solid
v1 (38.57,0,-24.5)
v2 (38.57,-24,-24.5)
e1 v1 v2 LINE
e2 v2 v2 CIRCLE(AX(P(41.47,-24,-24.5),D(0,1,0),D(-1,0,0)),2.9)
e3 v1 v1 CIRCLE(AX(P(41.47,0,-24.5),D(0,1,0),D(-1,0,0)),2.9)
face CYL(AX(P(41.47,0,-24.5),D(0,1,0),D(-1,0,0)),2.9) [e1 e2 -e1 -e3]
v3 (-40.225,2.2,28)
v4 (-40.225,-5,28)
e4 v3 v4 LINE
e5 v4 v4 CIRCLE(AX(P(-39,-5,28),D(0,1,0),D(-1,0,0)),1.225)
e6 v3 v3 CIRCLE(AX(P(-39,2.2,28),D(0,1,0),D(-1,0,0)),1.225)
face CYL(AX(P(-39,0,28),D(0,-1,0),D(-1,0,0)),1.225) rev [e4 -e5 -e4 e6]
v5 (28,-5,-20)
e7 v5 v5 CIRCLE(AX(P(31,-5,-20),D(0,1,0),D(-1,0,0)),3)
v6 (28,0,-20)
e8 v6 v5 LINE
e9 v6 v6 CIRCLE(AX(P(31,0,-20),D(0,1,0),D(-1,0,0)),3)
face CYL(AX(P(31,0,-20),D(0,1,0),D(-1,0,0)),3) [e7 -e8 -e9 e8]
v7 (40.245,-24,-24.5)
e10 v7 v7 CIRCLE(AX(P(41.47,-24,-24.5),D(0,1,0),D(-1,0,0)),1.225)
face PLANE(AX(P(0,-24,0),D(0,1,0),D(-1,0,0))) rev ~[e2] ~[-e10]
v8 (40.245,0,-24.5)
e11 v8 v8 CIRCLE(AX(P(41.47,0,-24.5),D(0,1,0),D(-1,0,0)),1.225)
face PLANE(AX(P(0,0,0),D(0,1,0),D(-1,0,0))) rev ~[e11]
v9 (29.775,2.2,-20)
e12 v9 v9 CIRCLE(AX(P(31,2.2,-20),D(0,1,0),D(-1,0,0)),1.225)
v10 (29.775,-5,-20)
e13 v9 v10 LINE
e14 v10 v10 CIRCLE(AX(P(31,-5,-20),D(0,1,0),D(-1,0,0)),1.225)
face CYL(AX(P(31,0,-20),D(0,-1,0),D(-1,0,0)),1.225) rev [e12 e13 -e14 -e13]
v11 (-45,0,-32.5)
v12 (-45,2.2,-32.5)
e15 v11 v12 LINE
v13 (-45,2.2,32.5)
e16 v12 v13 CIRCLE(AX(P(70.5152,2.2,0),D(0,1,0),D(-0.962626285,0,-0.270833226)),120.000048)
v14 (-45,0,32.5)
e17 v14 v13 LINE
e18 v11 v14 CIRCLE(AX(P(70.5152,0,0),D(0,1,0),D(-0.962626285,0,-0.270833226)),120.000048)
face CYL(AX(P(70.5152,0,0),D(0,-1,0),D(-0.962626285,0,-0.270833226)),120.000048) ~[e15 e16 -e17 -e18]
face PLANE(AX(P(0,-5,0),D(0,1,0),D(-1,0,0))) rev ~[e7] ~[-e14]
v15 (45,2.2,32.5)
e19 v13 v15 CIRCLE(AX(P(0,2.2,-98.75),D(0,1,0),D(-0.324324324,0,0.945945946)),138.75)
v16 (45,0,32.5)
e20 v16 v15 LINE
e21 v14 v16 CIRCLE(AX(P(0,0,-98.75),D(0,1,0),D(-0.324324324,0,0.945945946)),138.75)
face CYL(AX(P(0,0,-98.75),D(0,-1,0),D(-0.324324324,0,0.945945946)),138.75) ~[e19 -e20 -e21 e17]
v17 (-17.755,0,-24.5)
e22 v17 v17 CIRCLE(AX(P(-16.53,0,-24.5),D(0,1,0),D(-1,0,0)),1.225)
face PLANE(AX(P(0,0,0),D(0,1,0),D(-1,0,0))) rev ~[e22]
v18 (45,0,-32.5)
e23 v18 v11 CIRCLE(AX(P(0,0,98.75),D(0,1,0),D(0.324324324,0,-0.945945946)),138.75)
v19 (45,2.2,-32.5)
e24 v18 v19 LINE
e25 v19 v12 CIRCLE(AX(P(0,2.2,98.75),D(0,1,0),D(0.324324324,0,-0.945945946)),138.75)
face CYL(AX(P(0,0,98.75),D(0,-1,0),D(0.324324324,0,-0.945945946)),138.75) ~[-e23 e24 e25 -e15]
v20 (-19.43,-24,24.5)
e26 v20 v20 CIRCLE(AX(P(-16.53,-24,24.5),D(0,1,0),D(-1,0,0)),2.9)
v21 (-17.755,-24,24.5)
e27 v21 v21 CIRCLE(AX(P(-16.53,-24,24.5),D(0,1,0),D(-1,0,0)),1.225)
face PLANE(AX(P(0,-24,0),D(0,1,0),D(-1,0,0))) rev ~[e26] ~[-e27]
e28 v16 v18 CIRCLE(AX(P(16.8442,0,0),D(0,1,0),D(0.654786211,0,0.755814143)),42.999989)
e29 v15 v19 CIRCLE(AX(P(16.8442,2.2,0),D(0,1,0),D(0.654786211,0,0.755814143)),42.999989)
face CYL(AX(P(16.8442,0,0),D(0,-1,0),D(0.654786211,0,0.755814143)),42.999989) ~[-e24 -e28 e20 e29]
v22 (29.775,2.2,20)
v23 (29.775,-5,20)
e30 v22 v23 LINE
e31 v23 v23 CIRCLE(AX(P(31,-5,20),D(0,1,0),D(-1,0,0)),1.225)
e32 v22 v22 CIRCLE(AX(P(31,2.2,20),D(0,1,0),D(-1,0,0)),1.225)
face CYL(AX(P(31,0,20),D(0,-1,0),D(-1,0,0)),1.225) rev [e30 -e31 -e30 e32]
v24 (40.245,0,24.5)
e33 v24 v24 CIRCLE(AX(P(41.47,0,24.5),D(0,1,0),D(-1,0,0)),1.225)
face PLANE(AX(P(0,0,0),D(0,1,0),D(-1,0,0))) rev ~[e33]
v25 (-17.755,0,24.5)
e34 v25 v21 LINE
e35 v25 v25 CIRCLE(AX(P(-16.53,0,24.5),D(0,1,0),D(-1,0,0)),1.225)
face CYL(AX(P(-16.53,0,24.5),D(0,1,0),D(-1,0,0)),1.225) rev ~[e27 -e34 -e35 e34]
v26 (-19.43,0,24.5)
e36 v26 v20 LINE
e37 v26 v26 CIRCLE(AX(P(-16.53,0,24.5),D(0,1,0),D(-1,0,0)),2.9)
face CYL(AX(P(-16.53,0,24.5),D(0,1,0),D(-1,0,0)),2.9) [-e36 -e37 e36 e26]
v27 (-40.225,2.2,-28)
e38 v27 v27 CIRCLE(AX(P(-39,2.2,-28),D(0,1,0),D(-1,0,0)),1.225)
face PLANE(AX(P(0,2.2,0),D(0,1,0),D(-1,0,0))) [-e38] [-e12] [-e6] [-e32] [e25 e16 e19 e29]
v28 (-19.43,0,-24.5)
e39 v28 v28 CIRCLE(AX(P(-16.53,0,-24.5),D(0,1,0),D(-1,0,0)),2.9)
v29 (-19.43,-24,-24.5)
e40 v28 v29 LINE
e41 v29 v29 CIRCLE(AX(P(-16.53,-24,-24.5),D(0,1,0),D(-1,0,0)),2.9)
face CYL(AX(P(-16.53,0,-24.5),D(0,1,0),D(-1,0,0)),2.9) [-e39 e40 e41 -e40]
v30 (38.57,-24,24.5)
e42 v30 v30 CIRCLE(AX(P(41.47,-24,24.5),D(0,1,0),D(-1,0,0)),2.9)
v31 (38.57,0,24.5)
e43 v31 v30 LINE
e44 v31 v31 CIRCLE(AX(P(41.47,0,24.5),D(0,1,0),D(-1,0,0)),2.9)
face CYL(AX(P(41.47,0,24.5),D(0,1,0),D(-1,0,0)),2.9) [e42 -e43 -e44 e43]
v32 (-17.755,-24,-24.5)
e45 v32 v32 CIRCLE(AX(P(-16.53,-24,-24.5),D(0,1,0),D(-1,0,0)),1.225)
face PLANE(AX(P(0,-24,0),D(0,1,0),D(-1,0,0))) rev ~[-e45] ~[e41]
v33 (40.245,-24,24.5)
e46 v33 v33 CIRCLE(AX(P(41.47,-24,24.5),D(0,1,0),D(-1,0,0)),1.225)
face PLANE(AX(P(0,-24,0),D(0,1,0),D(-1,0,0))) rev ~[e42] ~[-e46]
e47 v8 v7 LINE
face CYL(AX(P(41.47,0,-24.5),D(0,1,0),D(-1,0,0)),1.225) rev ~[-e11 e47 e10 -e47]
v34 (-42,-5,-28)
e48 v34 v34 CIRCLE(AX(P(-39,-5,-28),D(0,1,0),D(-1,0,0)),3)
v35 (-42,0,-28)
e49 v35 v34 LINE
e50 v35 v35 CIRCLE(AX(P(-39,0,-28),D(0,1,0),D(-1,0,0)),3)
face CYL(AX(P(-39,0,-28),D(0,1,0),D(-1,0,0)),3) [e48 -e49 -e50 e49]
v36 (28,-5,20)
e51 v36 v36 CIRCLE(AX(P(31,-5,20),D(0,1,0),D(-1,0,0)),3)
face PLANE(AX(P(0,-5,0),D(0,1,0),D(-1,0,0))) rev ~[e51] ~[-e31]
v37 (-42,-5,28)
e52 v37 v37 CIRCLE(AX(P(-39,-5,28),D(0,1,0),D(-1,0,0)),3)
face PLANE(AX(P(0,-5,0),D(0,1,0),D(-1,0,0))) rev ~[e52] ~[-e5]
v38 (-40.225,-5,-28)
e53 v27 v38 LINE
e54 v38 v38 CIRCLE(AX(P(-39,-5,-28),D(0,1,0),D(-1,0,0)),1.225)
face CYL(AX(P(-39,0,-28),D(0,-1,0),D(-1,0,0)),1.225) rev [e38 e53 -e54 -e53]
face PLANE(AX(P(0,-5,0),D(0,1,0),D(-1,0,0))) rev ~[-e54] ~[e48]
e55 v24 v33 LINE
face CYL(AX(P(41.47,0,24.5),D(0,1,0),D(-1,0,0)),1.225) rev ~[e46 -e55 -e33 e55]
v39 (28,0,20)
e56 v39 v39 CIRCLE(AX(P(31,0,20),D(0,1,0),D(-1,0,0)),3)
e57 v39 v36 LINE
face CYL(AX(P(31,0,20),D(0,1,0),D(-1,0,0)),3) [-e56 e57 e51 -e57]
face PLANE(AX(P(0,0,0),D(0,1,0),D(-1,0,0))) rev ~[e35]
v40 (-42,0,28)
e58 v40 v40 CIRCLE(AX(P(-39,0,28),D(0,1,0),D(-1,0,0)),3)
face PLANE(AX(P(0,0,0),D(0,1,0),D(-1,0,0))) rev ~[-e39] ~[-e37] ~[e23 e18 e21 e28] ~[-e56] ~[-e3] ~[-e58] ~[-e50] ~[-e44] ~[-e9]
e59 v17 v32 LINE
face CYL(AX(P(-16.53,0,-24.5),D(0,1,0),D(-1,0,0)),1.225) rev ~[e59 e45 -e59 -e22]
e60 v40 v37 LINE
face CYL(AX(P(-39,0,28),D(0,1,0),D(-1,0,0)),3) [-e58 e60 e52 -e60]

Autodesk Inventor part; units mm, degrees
ref_plane "YZ Plane" through (0, 0, 0) normal (1, 0, 0) x (0, 1, 0)
ref_plane "XZ Plane" through (0, 0, 0) normal (0, 1, 0) x (-1, 0, 0)
sketch "Skizze4" plane through (0, 0, 0) normal (0, 1, 0) x (-1, 0, 0)
  arc A0 (45, -32.5) -> (45, 32.5) centre (-70.5152, 0) ccw
  arc A1 (45, 32.5) -> (-45, 32.5) centre (0, -98.75) ccw
  arc A2 (-45, 32.5) -> (-45, -32.5) centre (-16.8442, 0) ccw
  line L0 (49.4848, 0) -> (-59.8442, 0) construction
  circle A3 centre (39, -28) radius 1.225
  circle A4 centre (39, 28) radius 1.225
  circle A5 centre (-31, 20) radius 1.225
  circle A6 centre (-31, -20) radius 1.225
  circle A7 centre (16.53, -24.5) radius 1.225
  circle A8 centre (16.53, 24.5) radius 1.225
  circle A9 centre (-41.47, 24.5) radius 1.225
  circle A10 centre (-41.47, -24.5) radius 1.225
  line L1 (39, 28) -> (39, -28) construction
  line L2 (39, -28) -> (-31, -20) construction
  line L3 (-31, -20) -> (-31, 20) construction
  line L4 (-31, 20) -> (39, 28) construction
  line L5 (16.53, 24.5) -> (16.53, -24.5) construction
  line L6 (16.53, -24.5) -> (-41.47, -24.5) construction
  line L7 (-41.47, -24.5) -> (-41.47, 24.5) construction
  line L8 (-41.47, 24.5) -> (16.53, 24.5) construction
  line L9 (0, -40) -> (0, 40) construction
  circle A11 centre (16.53, -24.5) radius 2.9
  circle A12 centre (-41.47, -24.5) radius 2.9
  circle A13 centre (-41.47, 24.5) radius 2.9
  circle A14 centre (16.53, 24.5) radius 2.9
  line L10 (45, 32.5) -> (45, -32.5) construction
  line L11 (-45, 32.5) -> (-45, -32.5) construction
  arc A15 (-45, -32.5) -> (45, -32.5) centre (0, 98.75) ccw
  circle A16 centre (-31, -20) radius 3
  circle A17 centre (-31, 20) radius 3
  circle A18 centre (39, 28) radius 3
  circle A19 centre (39, -28) radius 3
  point P0 (0, 0)
  point P1 (0, 0)
  dimension "d19" = 2.45
  dimension "d20" = 5.8
  dimension "d28" = 80
  dimension "d30" = 90
  dimension "d31" = 58
  dimension "d32" = 49
  dimension "d33" = 56
  dimension "d34" = 40
  dimension "d35" = 70
  dimension "d36" = 65
  dimension "d37" = 65
  dimension "d38" = 22.47
  dimension "d39" = 120
  dimension "d40" = 6
  dimension "d41" = 2.45
  dimension "d42" = 43
  dimension "d58" = 6
sketch "Skizze3" plane through (0, 0, 0) normal (0, 1, 0) x (-1, 0, 0)
  line L0 (-220.6772, -144.4743) -> (-220.6772, -104.4743)
  line L1 (-220.6772, -104.4743) -> (-150.6772, -96.4743)
  line L2 (-150.6772, -96.4743) -> (-150.6772, -152.4743)
  line L3 (-150.6772, -152.4743) -> (-220.6772, -144.4743)
  line L4 (-173.154, -148.9743) -> (-231.154, -148.9743)
  line L5 (-231.154, -148.9743) -> (-231.154, -99.9743)
  line L6 (-231.154, -99.9743) -> (-173.154, -99.9743)
  line L7 (-173.154, -99.9743) -> (-173.154, -148.9743)
  circle A0 centre (-231.154, -99.9743) radius 1.35
  circle A1 centre (-231.154, -148.9743) radius 1.35
  circle A2 centre (-173.154, -148.9743) radius 1.35
  circle A3 centre (-173.154, -99.9743) radius 1.35
  arc A4 (-234.6505, -110.3469) -> (-234.6486, -138.3994) centre (-219.7787, -124.3722) ccw
  line L8 (-234.6505, -110.3469) -> (-234.6458, -99.4805)
  arc A5 (-231.5992, -96.4365) -> (-234.6458, -99.4805) centre (-231.6005, -99.4818) ccw
  line L9 (-231.5992, -96.4365) -> (-212.1876, -96.4449)
  arc A6 (-178.6836, -89.0505) -> (-212.1876, -96.4449) centre (-176.7514, -177.4047) ccw
  arc A7 (-149.827, -93.1805) -> (-178.6836, -89.0505) centre (-181.982, -214.9715) ccw
  arc A8 (-147.411, -95.6063) -> (-149.827, -93.1805) centre (-150.6924, -96.4584) ccw
  arc A9 (-143.2995, -124.3735) -> (-147.411, -95.6063) centre (-273.1451, -128.2544) ccw
  arc A10 (-147.4215, -153.3903) -> (-143.2995, -124.3735) centre (-273.1519, -120.7284) ccw
  arc A11 (-149.7866, -155.739) -> (-147.4215, -153.3903) centre (-150.6843, -152.4698) ccw
  arc A12 (-178.6402, -159.8288) -> (-149.7866, -155.739) centre (-181.7729, -33.9036) ccw
  arc A13 (-212.2336, -152.5079) -> (-178.6402, -159.8288) centre (-176.9785, -71.4691) ccw
  line L10 (-231.6452, -152.4995) -> (-212.2336, -152.5079)
  arc A14 (-234.6534, -149.2659) -> (-231.6452, -152.4995) centre (-231.6139, -149.4543) ccw
  line L11 (-234.6534, -149.2659) -> (-234.6486, -138.3994)
  line L12 (-240.2208, -124.3735) -> (-143.2995, -124.3735) construction
  line L13 (-177.3977, -89.0907) -> (-177.3977, -159.7918) construction
  point P0 (-177.3977, -124.4413)
extrude "Extrusion1" add sketch "Skizze4" along normal blind 2.2 contours A15 A2 A1 A0 | A7 | A8 | A9 | A10 | A11 | A12 | A13 | A14 | A16 | A17 | A18 | A19
extrude "Extrusion2" add sketch "Skizze4" against normal blind 24 contours A11 | A12 | A13 | A14
extrude "Extrusion3" add sketch "Skizze4" against normal blind 5 contours A16 | A17 | A18 | A19
ref_plane "Arbeitsebene1" through (41.47, 0, -24.5) normal (-0.3949, 0, -0.9187) x (0, -1, 0)
sketch "Skizze6" plane through (41.47, 0, -24.5) normal (-0.3949, 0, -0.9187) x (0, -1, 0)
  line L0 (24, 1.2564) -> (24.1406, 1.5)
  line L1 (24.1406, 1.5) -> (24.1969, 1.5)
  line L2 (24.1969, 1.5) -> (24.3375, 1.2564)
  line L3 (24.3375, 1.2564) -> (24.3937, 1.2564)
  line L4 (24.45, 1.2564) -> (24.45, 1.5487) construction
  line L5 (24.45, 1.5487) -> (23.8875, 1.5487) construction
  line L6 (23.8875, 1.5487) -> (23.8875, 1.2564) construction
  line L7 (23.8875, 1.2564) -> (23.9437, 1.2564) construction
  line L8 (23.9437, 1.2564) -> (24, 1.2564)
  line L9 (24.3937, 1.2564) -> (24.45, 1.2564) construction
  line L10 (24, 1.2564) -> (24.3375, 1.2564) construction
  line L11 (24.1406, 1.5) -> (24.1687, 1.5487) construction
  line L12 (24.1969, 1.5) -> (24.1687, 1.5487) construction
  line L13 (23.8875, 0) -> (24.45, 0) construction
  line L14 (23.8875, 1.2564) -> (23.9437, 1.159) construction
  line L15 (23.9437, 1.159) -> (24, 1.2564) construction
  line L16 (24.3375, 1.2564) -> (24.3937, 1.159) construction
  line L17 (24.3937, 1.159) -> (24.45, 1.2564) construction
  line L18 (24.1687, 1.2564) -> (24.1687, 1.5487) construction
  line L19 (23.9437, 1.159) -> (24.3937, 1.159) construction
  line L20 (23.8875, 0) -> (23.8875, 1.2564) construction
  line L21 (24.45, 0) -> (24.45, 1.2564) construction
  line L22 (-7.98, 0) -> (29.33, 0) projected
  line L23 (24, 1.225) -> (24, -1.225) projected
  line L24 (24, 1.2564) -> (24.3375, 1.2564)
  line L25 (-2.5375, 12.6525) -> (-2.3969, 12.8961)
  line L26 (-2.3969, 12.8961) -> (-2.3406, 12.8961)
  line L27 (-2.3406, 12.8961) -> (-2.2, 12.6525)
  line L28 (-2.2, 12.6525) -> (-2.1437, 12.6525)
  line L29 (-2.0875, 12.6525) -> (-2.0875, 12.9448) construction
  line L30 (-2.0875, 12.9448) -> (-2.65, 12.9448) construction
  line L31 (-2.65, 12.9448) -> (-2.65, 12.6525) construction
  line L32 (-2.65, 12.6525) -> (-2.5937, 12.6525) construction
  line L33 (-2.5937, 12.6525) -> (-2.5375, 12.6525)
  line L34 (-2.1437, 12.6525) -> (-2.0875, 12.6525) construction
  line L35 (-2.5375, 12.6525) -> (-2.2, 12.6525) construction
  line L36 (-2.3969, 12.8961) -> (-2.3687, 12.9448) construction
  line L37 (-2.3406, 12.8961) -> (-2.3687, 12.9448) construction
  line L38 (-2.65, 11.3961) -> (-2.0875, 11.3961) construction
  line L39 (-2.65, 12.6525) -> (-2.5937, 12.5551) construction
  line L40 (-2.5937, 12.5551) -> (-2.5375, 12.6525) construction
  line L41 (-2.2, 12.6525) -> (-2.1437, 12.5551) construction
  line L42 (-2.1437, 12.5551) -> (-2.0875, 12.6525) construction
  line L43 (-2.3687, 12.6525) -> (-2.3687, 12.9448) construction
  line L44 (-2.5937, 12.5551) -> (-2.1437, 12.5551) construction
  line L45 (-2.65, 11.3961) -> (-2.65, 12.6525) construction
  line L46 (-2.0875, 11.3961) -> (-2.0875, 12.6525) construction
  line L47 (29.33, 11.3961) -> (-7.98, 11.3961) projected
  line L48 (-2.5375, 12.6525) -> (-2.2, 12.6525)
  line L49 (-2.2, 10.1711) -> (-2.2, 12.6211) projected
  dimension "d47" = 60
  dimension "d48" = 3
  dimension "d49" = 0.45
  dimension "d50" = 2.5129
  dimension "d51" = 0.2436
  dimension "d52" = 0.0487
  dimension "d62" = 0
  dimension "d71" = 60
  dimension "d72" = 3
  dimension "d73" = 0.45
  dimension "d74" = 2.5129
  dimension "d75" = 0.2436
  dimension "d76" = 0.0487
  dimension "d82" = 0
equation "\"d53\" = 60deg"
equation "\"d54\" = 3"
equation "\"d55\" = 0.45"
equation "\"d56\" = 2.51288"
equation "\"d57\" = 0.3897"
equation "\"d77\" = 60deg"
equation "\"d78\" = 3"
equation "\"d79\" = 0.45"
equation "\"d80\" = 2.51288"
equation "\"d81\" = 0.3897"
properties part number "_3D-Druck"
